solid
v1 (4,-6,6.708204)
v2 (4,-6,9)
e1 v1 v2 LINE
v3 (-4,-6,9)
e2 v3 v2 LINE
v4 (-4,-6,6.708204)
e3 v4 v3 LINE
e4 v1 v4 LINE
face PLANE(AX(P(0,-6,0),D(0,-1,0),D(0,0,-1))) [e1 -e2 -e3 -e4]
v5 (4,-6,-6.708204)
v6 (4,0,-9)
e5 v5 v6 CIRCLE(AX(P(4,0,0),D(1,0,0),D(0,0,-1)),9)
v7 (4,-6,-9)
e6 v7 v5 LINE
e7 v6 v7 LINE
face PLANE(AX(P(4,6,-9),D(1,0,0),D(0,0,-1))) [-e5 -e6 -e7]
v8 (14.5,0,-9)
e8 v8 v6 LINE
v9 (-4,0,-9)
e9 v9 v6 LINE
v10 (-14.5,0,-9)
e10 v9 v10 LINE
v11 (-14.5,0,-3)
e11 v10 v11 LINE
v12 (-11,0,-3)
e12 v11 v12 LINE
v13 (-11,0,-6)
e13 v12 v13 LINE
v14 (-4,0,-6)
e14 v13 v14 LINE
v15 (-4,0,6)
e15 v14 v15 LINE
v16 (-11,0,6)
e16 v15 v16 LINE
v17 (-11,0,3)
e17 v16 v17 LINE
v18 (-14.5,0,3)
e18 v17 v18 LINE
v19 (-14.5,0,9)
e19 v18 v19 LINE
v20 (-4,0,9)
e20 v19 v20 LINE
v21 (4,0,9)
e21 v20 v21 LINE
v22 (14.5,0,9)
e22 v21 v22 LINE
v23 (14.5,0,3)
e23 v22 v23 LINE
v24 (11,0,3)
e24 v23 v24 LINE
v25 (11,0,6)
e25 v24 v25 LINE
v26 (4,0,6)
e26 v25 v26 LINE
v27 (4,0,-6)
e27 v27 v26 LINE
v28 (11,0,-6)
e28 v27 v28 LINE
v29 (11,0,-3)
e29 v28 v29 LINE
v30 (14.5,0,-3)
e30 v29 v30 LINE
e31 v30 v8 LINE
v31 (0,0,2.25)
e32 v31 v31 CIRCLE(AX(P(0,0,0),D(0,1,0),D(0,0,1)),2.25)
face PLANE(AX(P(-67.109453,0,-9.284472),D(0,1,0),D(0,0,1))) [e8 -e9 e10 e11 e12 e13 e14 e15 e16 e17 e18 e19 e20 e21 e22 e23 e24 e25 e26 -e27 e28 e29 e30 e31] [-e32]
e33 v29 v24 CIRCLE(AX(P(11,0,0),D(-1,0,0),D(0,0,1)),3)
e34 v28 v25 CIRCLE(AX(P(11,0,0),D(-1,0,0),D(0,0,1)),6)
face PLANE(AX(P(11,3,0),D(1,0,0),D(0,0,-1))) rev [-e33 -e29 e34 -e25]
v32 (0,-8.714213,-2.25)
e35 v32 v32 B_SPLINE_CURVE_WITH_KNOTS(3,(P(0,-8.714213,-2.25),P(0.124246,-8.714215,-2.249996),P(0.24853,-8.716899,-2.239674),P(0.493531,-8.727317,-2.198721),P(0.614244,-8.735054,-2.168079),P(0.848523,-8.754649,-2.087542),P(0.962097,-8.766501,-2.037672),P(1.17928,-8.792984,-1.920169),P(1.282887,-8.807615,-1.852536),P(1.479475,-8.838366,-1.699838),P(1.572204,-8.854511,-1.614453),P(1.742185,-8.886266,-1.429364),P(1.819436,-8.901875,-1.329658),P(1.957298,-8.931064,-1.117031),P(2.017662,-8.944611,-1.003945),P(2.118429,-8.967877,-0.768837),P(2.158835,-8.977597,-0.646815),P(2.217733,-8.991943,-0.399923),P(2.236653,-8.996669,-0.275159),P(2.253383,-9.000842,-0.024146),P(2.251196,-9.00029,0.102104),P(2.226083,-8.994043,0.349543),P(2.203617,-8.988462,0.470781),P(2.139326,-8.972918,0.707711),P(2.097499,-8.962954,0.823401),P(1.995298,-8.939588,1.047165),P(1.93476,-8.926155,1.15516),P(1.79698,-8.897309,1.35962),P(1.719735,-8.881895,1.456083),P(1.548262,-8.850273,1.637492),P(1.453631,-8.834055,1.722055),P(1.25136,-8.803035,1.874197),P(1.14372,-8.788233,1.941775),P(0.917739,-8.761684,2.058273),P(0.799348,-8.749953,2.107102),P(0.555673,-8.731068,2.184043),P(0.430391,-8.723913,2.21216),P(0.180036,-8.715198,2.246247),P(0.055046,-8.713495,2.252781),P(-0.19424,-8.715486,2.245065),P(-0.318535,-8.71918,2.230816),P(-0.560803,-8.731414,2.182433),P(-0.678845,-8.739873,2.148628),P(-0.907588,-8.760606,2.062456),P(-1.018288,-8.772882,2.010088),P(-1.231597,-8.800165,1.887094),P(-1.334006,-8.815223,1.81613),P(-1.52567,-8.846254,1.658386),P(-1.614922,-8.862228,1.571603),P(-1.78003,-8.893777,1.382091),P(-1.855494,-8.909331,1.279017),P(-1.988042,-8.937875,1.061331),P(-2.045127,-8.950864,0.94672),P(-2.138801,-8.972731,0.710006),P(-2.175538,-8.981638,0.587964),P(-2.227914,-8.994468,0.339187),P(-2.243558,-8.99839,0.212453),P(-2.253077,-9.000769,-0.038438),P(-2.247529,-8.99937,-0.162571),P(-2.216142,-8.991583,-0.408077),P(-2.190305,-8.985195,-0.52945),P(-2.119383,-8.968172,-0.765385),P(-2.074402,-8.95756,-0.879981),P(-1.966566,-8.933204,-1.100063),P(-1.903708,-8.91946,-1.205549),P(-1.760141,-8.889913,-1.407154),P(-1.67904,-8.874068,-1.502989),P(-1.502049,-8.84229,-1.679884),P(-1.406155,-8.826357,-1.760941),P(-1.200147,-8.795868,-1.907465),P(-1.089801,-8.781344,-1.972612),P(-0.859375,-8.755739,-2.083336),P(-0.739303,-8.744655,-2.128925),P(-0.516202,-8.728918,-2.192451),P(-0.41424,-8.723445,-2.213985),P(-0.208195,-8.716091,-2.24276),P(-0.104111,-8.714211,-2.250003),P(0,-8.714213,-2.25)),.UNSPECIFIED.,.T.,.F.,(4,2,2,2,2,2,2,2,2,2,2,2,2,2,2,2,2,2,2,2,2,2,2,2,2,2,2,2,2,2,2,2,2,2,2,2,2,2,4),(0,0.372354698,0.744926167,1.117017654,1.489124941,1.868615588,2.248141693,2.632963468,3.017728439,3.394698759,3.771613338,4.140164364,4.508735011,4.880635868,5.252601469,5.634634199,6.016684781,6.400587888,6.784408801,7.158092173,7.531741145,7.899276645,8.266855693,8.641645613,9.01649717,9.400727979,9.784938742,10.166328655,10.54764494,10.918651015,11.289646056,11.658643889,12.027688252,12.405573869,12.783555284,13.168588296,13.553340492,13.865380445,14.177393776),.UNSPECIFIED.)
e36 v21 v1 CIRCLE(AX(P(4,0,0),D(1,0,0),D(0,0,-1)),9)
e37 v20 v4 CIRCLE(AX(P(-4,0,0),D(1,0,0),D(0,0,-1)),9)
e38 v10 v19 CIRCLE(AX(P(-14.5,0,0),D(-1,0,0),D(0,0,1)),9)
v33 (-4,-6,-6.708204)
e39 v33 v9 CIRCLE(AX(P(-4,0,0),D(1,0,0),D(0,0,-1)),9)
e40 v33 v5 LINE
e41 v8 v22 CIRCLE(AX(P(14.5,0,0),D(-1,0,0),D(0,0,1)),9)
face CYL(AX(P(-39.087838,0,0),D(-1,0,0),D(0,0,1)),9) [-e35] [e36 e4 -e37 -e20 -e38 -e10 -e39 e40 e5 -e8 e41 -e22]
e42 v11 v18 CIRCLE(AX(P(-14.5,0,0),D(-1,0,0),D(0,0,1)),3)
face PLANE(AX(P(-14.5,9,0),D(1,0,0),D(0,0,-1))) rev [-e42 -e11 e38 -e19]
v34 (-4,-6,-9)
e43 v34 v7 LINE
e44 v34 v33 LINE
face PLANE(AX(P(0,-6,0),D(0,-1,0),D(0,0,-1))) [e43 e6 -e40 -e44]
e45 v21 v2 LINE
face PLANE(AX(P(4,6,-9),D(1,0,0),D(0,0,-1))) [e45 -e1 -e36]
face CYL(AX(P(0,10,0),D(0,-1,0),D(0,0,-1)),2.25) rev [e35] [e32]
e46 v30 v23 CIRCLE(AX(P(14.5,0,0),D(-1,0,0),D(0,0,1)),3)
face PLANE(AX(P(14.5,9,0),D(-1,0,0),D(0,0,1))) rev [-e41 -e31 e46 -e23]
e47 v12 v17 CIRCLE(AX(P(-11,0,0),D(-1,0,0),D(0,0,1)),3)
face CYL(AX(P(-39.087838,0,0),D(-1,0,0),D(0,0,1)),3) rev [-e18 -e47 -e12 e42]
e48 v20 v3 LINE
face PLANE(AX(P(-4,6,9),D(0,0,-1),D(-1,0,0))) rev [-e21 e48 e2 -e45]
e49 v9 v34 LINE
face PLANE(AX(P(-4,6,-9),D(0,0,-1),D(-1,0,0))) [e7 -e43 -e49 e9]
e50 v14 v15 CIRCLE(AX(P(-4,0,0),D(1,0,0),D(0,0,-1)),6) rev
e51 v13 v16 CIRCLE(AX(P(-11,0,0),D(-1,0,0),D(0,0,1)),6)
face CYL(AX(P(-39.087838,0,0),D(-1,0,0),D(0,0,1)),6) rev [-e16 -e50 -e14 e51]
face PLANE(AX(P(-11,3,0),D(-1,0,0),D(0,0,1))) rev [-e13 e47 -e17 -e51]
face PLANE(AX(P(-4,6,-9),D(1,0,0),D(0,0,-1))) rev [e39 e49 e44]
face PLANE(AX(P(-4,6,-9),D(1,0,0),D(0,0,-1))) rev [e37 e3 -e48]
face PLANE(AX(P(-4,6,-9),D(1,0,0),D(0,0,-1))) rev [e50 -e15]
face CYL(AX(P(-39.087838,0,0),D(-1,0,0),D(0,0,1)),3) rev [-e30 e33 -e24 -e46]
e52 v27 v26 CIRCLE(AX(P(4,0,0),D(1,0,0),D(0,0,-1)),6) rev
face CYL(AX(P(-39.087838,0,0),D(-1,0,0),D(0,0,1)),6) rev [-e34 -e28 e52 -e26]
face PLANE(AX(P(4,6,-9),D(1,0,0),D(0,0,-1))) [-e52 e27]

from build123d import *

# Parameters (mm, degrees)
CUT_EXTRUDE1_DEPTH      = 10
CUT_EXTRUDE1_DEPTH_BACK = 10
SKETCH4_R               = 2.25
SKETCH4_3_W             = 8
SKETCH4_3_H             = 18
SKETCH4_3_R             = 2.25
BOSS_EXTRUDE1_DEPTH     = 6
CUT_EXTRUDE2_DEPTH      = 32.670175393
CUT_EXTRUDE2_DEPTH_BACK = 32.670175393


with BuildPart() as part:
    # Sketch1 → Revolve1 (revolve)
    with BuildSketch(Plane.XY):
        Polygon((-14.5, 9), (14.5, 9), (14.5, 3), (11, 3), (11, 6), (-11, 6), (-11, 3), (-14.5, 3), align=None)
    revolve(axis=Axis((-39.087837838, 0, 0), (1, 0, 0)))

    # Sketch4 → Cut-Extrude1 (cut, two sides: drawn at the far end of the back side and taken through both)
    with BuildSketch(Plane(origin=(0, 0, 0), x_dir=(1, 0, 0), z_dir=(0, 1, 0)).offset(-CUT_EXTRUDE1_DEPTH_BACK)):
        Circle(SKETCH4_R)
    extrude(amount=CUT_EXTRUDE1_DEPTH + CUT_EXTRUDE1_DEPTH_BACK, mode=Mode.SUBTRACT)

    # Sketch4<3> → Boss-Extrude1 (add, symmetric)
    with BuildSketch(Plane(origin=(0, 0, 0), x_dir=(1, 0, 0), z_dir=(0, 1, 0))):
        Rectangle(SKETCH4_3_W, SKETCH4_3_H)
        Circle(SKETCH4_3_R, mode=Mode.SUBTRACT)
    extrude(amount=BOSS_EXTRUDE1_DEPTH, both=True)

    # Sketch5 → Cut-Extrude2 (cut, two sides: drawn at the far end of the back side and taken through both)
    with BuildSketch(Plane.ZY.offset(14.5).offset(-CUT_EXTRUDE2_DEPTH_BACK)):
        Polygon((-61.985560784, 0), (-9.284472497, 0), (10.360933076, 0), (63.062021364, 0), (63.062021364, 105.402176576), (-61.985560784, 105.402176576), align=None)
    extrude(amount=CUT_EXTRUDE2_DEPTH + CUT_EXTRUDE2_DEPTH_BACK, mode=Mode.SUBTRACT)


solid = part.part
